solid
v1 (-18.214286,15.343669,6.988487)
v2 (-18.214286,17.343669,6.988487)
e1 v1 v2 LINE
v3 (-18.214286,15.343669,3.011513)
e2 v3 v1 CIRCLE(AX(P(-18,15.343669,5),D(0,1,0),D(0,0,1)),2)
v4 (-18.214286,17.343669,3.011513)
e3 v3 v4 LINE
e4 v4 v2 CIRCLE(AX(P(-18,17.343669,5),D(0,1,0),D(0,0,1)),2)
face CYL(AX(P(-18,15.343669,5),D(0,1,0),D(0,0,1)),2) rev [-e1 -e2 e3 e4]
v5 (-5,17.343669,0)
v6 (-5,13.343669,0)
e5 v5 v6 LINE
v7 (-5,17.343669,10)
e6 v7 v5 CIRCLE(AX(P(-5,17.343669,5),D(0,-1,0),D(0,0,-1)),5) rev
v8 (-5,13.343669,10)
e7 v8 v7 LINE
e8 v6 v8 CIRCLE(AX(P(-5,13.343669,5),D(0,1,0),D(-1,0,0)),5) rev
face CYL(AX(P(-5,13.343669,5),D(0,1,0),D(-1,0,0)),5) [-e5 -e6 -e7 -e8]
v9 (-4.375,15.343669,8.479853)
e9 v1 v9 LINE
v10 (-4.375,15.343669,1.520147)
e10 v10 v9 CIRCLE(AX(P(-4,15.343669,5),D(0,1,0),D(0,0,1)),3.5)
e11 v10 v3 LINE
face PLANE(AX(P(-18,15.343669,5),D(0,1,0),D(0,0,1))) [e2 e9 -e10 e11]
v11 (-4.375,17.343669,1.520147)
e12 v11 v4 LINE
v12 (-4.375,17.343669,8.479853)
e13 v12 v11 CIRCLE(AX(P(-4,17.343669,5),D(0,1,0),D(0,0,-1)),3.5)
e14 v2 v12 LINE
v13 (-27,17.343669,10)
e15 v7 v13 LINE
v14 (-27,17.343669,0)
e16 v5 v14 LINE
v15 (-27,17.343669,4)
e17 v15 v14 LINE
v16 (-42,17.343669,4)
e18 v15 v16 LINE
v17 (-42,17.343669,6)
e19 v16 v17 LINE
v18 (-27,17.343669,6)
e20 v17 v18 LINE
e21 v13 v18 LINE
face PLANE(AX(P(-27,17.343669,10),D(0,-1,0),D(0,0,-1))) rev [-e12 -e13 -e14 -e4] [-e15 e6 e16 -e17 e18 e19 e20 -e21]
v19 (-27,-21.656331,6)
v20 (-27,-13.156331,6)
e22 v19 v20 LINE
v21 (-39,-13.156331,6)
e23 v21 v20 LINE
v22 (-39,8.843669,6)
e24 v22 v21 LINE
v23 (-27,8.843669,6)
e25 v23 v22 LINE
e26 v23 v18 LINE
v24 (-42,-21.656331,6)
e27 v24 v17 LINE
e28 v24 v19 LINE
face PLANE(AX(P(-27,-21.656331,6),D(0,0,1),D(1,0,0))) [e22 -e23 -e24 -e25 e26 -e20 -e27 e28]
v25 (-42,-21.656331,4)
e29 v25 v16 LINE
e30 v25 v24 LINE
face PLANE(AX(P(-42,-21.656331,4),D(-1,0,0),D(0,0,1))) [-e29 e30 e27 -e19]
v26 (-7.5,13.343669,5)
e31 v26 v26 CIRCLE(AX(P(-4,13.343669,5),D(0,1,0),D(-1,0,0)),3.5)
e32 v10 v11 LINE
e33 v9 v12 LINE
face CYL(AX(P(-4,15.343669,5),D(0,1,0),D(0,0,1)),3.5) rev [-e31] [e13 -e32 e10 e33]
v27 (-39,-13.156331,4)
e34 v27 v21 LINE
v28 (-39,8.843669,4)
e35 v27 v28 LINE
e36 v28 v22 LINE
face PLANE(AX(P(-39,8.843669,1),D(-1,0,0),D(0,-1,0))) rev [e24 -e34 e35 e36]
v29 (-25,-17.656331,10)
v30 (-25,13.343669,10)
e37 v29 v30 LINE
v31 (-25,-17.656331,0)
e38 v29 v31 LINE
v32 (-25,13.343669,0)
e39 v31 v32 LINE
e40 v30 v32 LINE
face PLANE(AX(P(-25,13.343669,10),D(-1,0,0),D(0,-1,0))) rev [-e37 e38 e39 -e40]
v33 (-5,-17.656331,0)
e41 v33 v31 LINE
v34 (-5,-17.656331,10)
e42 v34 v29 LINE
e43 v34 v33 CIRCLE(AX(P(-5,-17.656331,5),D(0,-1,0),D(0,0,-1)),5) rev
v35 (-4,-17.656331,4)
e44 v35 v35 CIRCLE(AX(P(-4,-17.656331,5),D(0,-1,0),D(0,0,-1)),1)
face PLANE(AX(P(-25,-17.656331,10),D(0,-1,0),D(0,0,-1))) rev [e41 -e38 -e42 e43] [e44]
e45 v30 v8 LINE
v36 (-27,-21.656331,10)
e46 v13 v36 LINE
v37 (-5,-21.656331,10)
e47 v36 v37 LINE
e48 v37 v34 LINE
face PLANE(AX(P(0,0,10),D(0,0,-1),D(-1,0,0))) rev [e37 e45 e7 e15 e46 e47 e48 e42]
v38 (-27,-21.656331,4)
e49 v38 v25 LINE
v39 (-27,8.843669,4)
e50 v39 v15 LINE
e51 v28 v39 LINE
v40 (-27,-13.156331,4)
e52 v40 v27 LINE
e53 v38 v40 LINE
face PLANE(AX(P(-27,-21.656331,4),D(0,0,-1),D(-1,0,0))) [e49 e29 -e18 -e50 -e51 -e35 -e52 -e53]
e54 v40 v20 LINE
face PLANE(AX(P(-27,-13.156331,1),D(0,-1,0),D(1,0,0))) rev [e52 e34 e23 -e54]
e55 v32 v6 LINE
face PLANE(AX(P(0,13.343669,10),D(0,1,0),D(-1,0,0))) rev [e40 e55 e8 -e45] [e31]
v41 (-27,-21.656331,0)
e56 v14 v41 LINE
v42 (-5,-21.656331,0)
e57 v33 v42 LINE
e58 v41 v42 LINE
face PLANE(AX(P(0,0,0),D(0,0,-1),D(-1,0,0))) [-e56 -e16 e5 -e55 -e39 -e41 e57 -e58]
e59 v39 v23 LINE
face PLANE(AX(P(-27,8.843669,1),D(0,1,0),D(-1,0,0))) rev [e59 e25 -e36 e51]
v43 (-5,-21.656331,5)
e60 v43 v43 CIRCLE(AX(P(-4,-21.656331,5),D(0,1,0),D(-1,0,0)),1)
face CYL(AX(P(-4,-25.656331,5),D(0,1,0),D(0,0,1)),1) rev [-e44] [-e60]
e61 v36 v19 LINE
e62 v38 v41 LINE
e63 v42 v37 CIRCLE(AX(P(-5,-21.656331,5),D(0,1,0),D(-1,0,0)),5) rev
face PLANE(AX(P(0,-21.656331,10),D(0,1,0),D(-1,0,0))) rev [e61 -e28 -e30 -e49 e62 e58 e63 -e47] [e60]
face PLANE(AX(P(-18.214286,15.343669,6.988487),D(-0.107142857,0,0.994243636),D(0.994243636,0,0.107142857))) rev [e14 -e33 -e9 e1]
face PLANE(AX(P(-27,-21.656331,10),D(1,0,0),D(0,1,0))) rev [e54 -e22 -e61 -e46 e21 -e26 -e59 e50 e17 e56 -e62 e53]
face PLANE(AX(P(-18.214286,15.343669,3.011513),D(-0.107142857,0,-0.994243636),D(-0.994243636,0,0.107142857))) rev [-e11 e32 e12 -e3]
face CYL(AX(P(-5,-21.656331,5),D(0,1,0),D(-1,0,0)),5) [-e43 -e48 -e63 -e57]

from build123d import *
from build123d.topology import SkipClean

# Parameters (mm, degrees)
BOSS_EXTRUDE1_DEPTH = 10
SKETCH2_W           = 15
SKETCH2_H           = 2
BOSS_EXTRUDE2_DEPTH = 39
FILLET1_RADIUS      = 5
FILLET1_LENGTH      = 4
FILLET2_RADIUS      = 5
FILLET2_LENGTH      = 4
SKETCH6_R           = 1
CUT_EXTRUDE3_DEPTH  = 43
CUT_EXTRUDE4_DEPTH  = 2
SKETCH9_R           = 3.5
CUT_EXTRUDE5_DEPTH  = 8
SKETCH10_W          = 12
SKETCH10_H          = 22
CUT_EXTRUDE6_DEPTH  = 5


with BuildPart() as part:
    # Sketch1 → Boss-Extrude1 (new body)
    with BuildSketch(Plane.XY):
        Polygon((-27, 17.343669269), (0, 17.343669269), (0, 13.343669269), (-25, 13.343669269), (-25, -17.656330731), (0, -17.656330731), (0, -21.656330731), (-27, -21.656330731), align=None)
    extrude(amount=BOSS_EXTRUDE1_DEPTH)

    # Sketch2 → Boss-Extrude2 (add)
    with BuildSketch(Plane(origin=(0, 17.343669269, 0), x_dir=(1, 0, 0), z_dir=(0, 1, 0))):
        with Locations((-34.5, -5)):
            Rectangle(SKETCH2_W, SKETCH2_H)
    extrude(amount=-BOSS_EXTRUDE2_DEPTH)

    # Fillet1: full round fillet: the end face becomes a half cylinder, R = half its width
    fillet1_face = Plane((0, 15.343669269, 5), x_dir=(0, -1, 0), z_dir=(1, 0, 0))  # on the end face: x along it, z out of the body
    fillet1_slab = fillet1_face.offset(-FILLET1_RADIUS / 2) * Box(FILLET1_LENGTH, 2 * FILLET1_RADIUS, FILLET1_RADIUS, mode=Mode.PRIVATE)  # the body's end, R deep
    fillet1_round = Plane((-5, 15.343669269, 5), x_dir=(1, 0, 0), z_dir=(0, -1, 0)) * Cylinder(FILLET1_RADIUS, FILLET1_LENGTH, mode=Mode.PRIVATE)  # its axis R under the face
    add(fillet1_slab - fillet1_round, mode=Mode.SUBTRACT)

    # Fillet2: full round fillet: the end face becomes a half cylinder, R = half its width
    fillet2_face = Plane((0, -19.656330731, 5), x_dir=(0, 1, 0), z_dir=(1, 0, 0))  # on the end face: x along it, z out of the body
    fillet2_slab = fillet2_face.offset(-FILLET2_RADIUS / 2) * Box(FILLET2_LENGTH, 2 * FILLET2_RADIUS, FILLET2_RADIUS, mode=Mode.PRIVATE)  # the body's end, R deep
    fillet2_round = Plane((-5, -19.656330731, 5), x_dir=(1, 0, 0), z_dir=(0, 1, 0)) * Cylinder(FILLET2_RADIUS, FILLET2_LENGTH, mode=Mode.PRIVATE)  # its axis R under the face
    add(fillet2_slab - fillet2_round, mode=Mode.SUBTRACT)

    # Sketch6 → Cut-Extrude3 (cut)
    with BuildSketch(Plane(origin=(0, 17.343669269, 0), x_dir=(1, 0, 0), z_dir=(0, 1, 0))):
        with Locations(Location((-4, -5, 0), (0, 0, 270))):
            Circle(SKETCH6_R)
    extrude(amount=-CUT_EXTRUDE3_DEPTH, mode=Mode.SUBTRACT)

    # Sketch8 → Cut-Extrude4 (cut)
    with BuildSketch(Plane(origin=(0, 17.343669269, 0), x_dir=(1, 0, 0), z_dir=(0, 1, 0))):
        with BuildLine():
            Line((-18.214285714, -3.011512728), (-4.375, -1.520147273))
            ThreePointArc((-4.375, -1.520147273), (-0.5, -5), (-4.375, -8.479852727))
            Line((-4.375, -8.479852727), (-18.214285714, -6.988487272))
            ThreePointArc((-18.214285714, -6.988487272), (-20, -5), (-18.214285714, -3.011512728))
        make_face()
    extrude(amount=-CUT_EXTRUDE4_DEPTH, mode=Mode.SUBTRACT)

    # Sketch9 → Cut-Extrude5 (cut)
    with SkipClean():  # the faces are left unmerged after this step: merging them gives an invalid solid
        with BuildSketch(Plane(origin=(0, 17.343669269, 0), x_dir=(1, 0, 0), z_dir=(0, 1, 0))):
            with Locations(Location((-4, -5, 0), (0, 0, 263.849360172))):
                Circle(SKETCH9_R)
        extrude(amount=-CUT_EXTRUDE5_DEPTH, mode=Mode.SUBTRACT)

    # Sketch10 → Cut-Extrude6 (cut)
    with SkipClean():  # the faces are left unmerged after this step: merging them gives an invalid solid
        with BuildSketch(Plane.XY.offset(6)):
            with Locations((-33, -2.156330731)):
                Rectangle(SKETCH10_W, SKETCH10_H)
        extrude(amount=-CUT_EXTRUDE6_DEPTH, mode=Mode.SUBTRACT)


solid = part.part
